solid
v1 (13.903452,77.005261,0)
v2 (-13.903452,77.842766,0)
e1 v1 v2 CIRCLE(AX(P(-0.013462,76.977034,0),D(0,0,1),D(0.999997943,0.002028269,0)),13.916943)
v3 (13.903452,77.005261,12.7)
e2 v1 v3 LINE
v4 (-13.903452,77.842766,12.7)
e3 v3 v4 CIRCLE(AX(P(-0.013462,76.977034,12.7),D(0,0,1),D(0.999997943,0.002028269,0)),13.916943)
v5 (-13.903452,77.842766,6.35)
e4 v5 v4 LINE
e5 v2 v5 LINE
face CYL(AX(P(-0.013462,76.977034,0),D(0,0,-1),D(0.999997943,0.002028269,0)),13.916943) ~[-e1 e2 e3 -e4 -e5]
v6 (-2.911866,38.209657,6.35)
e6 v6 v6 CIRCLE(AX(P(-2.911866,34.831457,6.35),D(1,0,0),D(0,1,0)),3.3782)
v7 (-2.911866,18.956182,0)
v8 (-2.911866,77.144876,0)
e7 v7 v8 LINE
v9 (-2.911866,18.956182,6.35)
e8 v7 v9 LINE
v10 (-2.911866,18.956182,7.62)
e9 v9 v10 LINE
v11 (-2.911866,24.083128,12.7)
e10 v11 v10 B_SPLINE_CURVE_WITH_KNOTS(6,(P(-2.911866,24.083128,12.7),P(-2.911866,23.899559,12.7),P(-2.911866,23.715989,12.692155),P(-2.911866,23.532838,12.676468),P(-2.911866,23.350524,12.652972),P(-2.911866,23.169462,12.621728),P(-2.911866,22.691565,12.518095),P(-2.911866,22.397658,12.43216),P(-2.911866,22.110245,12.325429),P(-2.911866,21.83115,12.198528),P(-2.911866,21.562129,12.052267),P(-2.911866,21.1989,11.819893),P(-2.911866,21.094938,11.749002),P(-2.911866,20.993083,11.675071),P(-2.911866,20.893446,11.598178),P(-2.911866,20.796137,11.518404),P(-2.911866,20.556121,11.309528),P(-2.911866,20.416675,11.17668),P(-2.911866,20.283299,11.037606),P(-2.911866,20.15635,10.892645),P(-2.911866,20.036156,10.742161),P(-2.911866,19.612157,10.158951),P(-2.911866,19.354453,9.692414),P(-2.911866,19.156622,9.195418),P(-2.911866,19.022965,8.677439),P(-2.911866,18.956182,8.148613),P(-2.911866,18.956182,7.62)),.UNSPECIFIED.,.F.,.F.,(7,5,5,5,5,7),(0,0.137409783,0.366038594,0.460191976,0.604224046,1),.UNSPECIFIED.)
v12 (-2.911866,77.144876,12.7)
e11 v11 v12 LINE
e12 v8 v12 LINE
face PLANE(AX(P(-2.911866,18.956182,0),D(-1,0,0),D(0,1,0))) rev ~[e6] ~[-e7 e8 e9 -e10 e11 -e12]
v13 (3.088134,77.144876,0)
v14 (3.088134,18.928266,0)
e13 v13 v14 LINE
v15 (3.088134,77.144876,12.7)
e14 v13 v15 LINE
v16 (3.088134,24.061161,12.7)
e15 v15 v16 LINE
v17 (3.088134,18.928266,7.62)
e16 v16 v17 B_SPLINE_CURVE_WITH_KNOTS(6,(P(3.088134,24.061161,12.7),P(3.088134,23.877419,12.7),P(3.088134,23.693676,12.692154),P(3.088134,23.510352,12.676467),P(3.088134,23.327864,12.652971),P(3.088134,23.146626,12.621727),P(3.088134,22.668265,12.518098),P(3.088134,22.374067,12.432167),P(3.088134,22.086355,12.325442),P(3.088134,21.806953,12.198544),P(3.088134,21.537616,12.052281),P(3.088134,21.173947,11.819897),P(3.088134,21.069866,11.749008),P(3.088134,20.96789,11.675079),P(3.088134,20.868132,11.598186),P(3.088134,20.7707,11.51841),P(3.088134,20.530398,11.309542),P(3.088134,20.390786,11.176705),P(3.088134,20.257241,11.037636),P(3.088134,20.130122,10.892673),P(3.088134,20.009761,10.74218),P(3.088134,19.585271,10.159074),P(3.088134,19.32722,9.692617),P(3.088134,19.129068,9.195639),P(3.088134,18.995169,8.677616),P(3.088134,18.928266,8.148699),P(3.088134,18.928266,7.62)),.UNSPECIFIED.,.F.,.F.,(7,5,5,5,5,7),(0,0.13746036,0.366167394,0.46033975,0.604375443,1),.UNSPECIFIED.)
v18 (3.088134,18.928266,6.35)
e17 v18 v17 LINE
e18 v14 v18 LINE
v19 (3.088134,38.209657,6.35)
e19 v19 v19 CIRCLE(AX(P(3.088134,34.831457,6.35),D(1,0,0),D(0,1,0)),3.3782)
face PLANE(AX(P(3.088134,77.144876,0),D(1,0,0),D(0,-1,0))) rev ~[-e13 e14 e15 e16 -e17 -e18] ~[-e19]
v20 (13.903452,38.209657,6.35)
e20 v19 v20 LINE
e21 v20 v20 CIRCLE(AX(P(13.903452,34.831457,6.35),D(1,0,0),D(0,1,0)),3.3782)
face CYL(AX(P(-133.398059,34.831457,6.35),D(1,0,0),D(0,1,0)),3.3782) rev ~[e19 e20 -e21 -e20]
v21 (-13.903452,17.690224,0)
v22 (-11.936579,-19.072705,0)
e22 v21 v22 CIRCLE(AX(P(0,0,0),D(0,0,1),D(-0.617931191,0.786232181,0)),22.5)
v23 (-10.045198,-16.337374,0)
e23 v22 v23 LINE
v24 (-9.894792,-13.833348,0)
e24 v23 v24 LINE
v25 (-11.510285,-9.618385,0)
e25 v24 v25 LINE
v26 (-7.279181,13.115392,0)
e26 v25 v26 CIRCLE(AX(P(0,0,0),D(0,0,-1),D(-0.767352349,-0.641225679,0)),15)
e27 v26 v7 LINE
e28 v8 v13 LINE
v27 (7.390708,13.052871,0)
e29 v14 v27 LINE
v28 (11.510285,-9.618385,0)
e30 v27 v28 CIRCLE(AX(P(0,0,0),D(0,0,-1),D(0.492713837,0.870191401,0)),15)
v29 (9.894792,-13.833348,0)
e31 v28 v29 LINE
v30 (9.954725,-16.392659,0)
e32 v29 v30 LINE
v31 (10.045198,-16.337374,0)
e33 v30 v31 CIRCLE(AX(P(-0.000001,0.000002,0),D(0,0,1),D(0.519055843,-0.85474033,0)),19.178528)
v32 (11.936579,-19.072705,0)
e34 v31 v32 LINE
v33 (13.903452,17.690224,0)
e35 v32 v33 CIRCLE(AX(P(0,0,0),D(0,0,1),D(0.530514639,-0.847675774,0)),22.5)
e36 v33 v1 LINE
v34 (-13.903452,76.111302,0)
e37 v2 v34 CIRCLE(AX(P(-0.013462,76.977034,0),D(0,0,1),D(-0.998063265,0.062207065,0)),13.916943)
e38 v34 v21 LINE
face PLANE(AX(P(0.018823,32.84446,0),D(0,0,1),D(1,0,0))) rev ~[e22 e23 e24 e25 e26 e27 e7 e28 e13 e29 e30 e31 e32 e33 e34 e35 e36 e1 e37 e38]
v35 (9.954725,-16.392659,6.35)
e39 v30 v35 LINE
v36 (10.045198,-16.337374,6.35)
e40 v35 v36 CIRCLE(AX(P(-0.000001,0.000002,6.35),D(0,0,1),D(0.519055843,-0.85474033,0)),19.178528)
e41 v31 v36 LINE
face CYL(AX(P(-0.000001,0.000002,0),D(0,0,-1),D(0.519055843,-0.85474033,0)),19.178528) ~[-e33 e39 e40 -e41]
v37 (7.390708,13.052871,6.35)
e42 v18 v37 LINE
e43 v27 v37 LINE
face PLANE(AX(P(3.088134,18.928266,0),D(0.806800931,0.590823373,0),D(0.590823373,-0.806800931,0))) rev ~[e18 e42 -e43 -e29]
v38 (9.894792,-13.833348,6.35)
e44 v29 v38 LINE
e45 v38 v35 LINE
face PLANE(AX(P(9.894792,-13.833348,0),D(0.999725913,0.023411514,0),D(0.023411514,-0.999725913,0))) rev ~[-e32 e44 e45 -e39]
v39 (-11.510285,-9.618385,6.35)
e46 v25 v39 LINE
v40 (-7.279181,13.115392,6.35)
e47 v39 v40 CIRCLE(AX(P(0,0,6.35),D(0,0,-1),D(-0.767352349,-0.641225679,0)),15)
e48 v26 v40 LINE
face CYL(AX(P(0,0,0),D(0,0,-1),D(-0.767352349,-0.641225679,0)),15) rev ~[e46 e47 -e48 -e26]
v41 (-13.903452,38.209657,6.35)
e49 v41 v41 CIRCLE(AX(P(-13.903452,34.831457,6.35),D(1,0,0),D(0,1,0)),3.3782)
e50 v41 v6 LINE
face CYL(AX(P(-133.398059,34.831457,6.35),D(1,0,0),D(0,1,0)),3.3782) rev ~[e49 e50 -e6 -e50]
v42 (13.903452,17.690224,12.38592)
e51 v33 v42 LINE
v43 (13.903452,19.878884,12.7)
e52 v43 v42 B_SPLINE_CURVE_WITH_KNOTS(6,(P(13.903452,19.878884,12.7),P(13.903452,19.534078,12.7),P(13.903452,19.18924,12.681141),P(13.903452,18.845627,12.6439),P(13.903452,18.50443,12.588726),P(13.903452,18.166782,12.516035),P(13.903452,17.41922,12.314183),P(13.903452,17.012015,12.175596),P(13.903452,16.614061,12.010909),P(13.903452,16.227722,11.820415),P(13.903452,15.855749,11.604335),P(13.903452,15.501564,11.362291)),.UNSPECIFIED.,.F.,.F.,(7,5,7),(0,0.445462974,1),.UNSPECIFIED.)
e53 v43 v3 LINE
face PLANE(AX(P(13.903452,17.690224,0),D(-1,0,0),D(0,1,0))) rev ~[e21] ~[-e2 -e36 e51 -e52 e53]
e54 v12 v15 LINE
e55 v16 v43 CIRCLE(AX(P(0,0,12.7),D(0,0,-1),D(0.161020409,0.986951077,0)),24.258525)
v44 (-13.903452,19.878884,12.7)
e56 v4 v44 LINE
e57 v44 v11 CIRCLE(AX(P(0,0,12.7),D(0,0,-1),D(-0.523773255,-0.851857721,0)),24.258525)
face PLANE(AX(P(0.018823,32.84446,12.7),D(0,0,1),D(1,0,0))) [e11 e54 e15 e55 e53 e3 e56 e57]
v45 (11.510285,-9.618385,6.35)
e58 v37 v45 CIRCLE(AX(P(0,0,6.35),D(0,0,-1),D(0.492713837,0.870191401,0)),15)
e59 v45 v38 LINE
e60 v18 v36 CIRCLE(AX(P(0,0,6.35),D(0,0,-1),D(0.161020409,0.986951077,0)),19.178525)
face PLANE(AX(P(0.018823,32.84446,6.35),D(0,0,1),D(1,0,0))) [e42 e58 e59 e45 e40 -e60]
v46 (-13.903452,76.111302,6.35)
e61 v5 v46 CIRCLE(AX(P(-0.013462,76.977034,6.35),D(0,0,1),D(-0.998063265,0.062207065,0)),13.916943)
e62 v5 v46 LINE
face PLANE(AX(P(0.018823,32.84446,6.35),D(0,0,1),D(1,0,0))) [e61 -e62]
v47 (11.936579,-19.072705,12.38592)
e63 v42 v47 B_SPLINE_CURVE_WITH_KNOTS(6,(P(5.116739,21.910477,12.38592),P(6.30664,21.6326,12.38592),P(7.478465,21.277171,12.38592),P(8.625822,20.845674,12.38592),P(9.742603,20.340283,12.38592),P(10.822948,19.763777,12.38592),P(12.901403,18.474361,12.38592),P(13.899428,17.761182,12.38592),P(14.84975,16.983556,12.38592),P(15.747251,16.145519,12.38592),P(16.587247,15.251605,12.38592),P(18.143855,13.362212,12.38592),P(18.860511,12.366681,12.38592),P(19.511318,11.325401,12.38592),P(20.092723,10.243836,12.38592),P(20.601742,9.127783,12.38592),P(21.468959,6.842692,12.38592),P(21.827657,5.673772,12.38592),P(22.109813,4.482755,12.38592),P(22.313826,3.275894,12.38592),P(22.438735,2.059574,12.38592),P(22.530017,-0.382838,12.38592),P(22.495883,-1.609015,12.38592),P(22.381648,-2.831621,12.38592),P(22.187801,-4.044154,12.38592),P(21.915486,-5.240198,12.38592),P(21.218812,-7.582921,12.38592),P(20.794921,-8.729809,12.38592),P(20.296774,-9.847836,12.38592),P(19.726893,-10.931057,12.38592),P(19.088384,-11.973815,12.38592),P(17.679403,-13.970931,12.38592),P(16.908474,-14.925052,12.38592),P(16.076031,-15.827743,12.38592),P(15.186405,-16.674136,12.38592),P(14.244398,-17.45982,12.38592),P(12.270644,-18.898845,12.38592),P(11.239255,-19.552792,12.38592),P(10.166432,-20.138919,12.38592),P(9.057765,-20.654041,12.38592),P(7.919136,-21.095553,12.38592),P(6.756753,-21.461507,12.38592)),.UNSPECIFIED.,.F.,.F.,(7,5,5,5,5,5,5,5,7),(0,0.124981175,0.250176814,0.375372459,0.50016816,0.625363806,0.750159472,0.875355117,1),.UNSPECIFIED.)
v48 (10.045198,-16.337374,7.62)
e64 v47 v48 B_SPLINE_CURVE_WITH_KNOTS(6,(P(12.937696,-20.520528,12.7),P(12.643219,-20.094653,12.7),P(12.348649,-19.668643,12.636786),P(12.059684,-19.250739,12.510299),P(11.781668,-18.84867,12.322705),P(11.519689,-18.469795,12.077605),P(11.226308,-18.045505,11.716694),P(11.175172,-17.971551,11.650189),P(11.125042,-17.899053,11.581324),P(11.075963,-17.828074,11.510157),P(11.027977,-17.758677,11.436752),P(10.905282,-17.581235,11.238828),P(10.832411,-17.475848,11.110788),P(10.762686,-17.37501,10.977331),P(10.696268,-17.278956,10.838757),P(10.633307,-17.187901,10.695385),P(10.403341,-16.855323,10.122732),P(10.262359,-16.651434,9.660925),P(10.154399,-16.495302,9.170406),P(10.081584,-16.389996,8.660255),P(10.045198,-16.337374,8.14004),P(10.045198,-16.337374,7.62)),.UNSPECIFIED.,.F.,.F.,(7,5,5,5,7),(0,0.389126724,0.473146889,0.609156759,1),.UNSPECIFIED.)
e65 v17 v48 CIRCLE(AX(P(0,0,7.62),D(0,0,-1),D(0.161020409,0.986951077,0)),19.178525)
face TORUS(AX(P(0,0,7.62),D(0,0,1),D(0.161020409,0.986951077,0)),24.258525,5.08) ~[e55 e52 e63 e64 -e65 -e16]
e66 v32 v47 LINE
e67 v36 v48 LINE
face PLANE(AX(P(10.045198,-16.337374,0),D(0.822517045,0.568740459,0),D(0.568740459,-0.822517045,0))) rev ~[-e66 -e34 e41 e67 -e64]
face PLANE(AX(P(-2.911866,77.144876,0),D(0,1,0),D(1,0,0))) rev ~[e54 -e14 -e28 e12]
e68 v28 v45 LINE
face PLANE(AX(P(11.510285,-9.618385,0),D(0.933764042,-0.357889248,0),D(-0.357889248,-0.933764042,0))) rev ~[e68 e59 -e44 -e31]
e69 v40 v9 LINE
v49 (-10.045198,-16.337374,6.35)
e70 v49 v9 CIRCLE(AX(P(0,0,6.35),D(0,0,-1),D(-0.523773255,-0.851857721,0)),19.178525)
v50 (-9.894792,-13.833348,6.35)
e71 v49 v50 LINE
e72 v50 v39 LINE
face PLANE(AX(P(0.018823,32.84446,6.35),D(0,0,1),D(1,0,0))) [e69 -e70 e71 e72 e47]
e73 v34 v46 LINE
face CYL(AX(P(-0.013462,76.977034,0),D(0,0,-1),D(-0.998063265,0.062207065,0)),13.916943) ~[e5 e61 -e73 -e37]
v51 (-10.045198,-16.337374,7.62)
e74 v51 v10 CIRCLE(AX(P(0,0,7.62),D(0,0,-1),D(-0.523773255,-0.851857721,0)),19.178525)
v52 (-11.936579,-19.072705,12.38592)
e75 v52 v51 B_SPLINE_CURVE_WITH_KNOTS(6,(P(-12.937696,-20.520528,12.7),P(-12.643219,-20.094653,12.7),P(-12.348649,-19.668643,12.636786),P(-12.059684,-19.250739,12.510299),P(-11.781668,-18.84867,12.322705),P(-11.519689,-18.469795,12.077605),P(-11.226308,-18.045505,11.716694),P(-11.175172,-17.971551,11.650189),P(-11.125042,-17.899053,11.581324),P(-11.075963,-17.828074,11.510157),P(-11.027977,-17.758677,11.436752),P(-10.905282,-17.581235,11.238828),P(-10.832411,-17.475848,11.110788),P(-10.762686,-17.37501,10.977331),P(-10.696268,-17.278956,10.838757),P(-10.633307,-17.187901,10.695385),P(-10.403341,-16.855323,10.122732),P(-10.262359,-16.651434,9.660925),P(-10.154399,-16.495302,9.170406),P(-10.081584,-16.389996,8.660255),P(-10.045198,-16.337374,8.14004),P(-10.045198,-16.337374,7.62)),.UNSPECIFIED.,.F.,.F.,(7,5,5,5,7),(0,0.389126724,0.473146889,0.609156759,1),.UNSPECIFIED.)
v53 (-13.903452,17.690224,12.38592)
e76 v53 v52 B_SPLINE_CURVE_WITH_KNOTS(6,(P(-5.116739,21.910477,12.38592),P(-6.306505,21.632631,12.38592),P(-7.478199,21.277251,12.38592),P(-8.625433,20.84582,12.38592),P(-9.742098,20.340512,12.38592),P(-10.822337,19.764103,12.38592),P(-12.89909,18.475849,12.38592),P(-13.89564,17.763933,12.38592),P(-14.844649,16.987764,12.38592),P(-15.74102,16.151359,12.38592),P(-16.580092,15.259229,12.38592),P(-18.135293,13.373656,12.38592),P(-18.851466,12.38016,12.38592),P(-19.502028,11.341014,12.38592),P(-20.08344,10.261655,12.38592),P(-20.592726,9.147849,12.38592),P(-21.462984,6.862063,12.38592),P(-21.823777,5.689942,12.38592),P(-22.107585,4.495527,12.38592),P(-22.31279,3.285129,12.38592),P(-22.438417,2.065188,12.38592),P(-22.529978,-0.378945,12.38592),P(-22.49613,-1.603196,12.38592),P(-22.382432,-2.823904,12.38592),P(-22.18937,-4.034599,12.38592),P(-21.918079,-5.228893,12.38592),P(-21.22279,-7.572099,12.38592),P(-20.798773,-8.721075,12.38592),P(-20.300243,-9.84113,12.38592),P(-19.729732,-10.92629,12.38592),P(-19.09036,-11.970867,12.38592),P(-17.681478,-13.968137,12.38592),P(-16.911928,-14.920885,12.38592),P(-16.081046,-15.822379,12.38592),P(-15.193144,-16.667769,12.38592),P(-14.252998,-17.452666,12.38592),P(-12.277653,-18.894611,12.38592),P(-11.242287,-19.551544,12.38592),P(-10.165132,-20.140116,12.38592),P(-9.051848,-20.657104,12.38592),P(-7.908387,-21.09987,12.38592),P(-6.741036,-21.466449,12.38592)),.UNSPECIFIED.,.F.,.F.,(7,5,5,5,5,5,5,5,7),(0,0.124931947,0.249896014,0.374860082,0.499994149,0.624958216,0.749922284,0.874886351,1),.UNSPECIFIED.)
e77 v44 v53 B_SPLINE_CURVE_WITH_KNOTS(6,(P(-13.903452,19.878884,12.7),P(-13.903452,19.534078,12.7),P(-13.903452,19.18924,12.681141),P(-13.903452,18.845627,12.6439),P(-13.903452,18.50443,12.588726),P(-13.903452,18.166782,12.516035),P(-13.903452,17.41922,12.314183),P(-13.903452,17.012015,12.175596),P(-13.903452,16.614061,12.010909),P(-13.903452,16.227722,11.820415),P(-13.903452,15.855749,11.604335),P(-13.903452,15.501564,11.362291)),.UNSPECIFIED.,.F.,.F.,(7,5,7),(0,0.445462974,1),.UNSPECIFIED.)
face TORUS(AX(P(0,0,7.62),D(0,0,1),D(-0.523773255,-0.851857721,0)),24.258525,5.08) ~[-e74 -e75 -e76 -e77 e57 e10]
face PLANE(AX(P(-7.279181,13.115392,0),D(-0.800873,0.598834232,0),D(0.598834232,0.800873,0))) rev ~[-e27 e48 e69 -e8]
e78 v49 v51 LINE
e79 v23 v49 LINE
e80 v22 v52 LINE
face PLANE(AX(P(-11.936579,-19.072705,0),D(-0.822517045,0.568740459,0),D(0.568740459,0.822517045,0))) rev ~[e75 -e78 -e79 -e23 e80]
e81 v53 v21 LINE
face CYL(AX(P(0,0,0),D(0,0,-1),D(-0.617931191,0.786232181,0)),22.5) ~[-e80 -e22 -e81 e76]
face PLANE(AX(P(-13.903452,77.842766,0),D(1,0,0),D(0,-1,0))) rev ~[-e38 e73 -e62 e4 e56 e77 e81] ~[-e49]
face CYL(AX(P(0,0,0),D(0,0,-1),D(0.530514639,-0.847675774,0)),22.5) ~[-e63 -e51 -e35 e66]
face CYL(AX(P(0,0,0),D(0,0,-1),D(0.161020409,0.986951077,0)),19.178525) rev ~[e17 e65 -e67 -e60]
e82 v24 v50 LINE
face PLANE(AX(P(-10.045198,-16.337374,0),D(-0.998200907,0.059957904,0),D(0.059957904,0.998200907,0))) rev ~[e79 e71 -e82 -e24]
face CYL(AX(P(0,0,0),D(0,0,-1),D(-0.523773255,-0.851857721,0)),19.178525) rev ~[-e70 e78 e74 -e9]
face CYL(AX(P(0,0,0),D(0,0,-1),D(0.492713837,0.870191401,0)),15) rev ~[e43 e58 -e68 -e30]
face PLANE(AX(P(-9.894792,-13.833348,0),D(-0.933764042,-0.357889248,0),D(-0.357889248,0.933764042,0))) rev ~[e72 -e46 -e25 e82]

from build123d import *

# Parameters (mm, degrees)
F1_DEPTH = 12.7
F2_DEPTH = 6.35
F4_D     = 6.7564
F5_R     = 5.08


with BuildPart() as f1:
    # F0 (on Top) → F1 (new body)
    with BuildSketch(Plane.XY):
        with BuildLine():
            Line((-13.9034517987, 76.1113017797), (-13.9034517987, 17.6902240822))
            ThreePointArc((-13.9034517987, 17.6902240822), (-22.46786683, -1.2020649347), (-11.9365793678, -19.0727049208))
            Line((-11.9365793678, -19.0727049208), (-10.045198296, -16.337374341))
            ThreePointArc((-10.045198296, -16.337374341), (-18.7984085357, 3.7994270212), (-2.9118661168, 18.9561822338))
            Line((-2.9118661168, 18.9561822338), (-2.9118661168, 77.1448761225))
            Line((-2.9118661168, 77.1448761225), (3.0881338832, 77.1448761225))
            Line((3.0881338832, 77.1448761225), (3.0881338832, 18.928265591))
            ThreePointArc((3.0881338832, 18.928265591), (18.8158827453, 3.7119221002), (10.045198296, -16.337374341))
            Line((10.045198296, -16.337374341), (11.9365793678, -19.0727049208))
            ThreePointArc((11.9365793678, -19.0727049208), (22.46786683, -1.2020649347), (13.9034517987, 17.6902240822))
            Line((13.9034517987, 17.6902240822), (13.9034517987, 76.9488066435))
            Line((13.9034517987, 76.9488066435), (13.9034517987, 77.005261239))
            ThreePointArc((13.9034517987, 77.005261239), (0.4055063748, 90.8876688225), (-13.9034517987, 77.8427661028))
            Line((-13.9034517987, 77.8427661028), (-13.9034517987, 76.1113017797))
        make_face()
    extrude(amount=F1_DEPTH)

    # F0 (on Top) → F2 (join)
    with BuildSketch(Plane.XY):
        with BuildLine():
            Line((-13.9034517987, 76.1113017797), (-13.9034517987, 17.6902240822))
            ThreePointArc((-13.9034517987, 17.6902240822), (-22.46786683, -1.2020649347), (-11.9365793678, -19.0727049208))
            Line((-11.9365793678, -19.0727049208), (-10.045198296, -16.337374341))
            ThreePointArc((-10.045198296, -16.337374341), (-18.7984085357, 3.7994270212), (-2.9118661168, 18.9561822338))
            Line((-2.9118661168, 18.9561822338), (-2.9118661168, 77.1448761225))
            Line((-2.9118661168, 77.1448761225), (3.0881338832, 77.1448761225))
            Line((3.0881338832, 77.1448761225), (3.0881338832, 18.928265591))
            ThreePointArc((3.0881338832, 18.928265591), (18.8158827453, 3.7119221002), (10.045198296, -16.337374341))
            Line((10.045198296, -16.337374341), (11.9365793678, -19.0727049208))
            ThreePointArc((11.9365793678, -19.0727049208), (22.46786683, -1.2020649347), (13.9034517987, 17.6902240822))
            Line((13.9034517987, 17.6902240822), (13.9034517987, 76.9488066435))
            Line((13.9034517987, 76.9488066435), (13.9034517987, 77.005261239))
            ThreePointArc((13.9034517987, 77.005261239), (0.4055063748, 90.8876688225), (-13.9034517987, 77.8427661028))
            Line((-13.9034517987, 77.8427661028), (-13.9034517987, 76.1113017797))
        make_face()
        with BuildLine():
            ThreePointArc((-13.9034517987, 77.8427661028), (-13.9304052278, 76.9770339413), (-13.9034517987, 76.1113017797))
            Line((-13.9034517987, 76.1113017797), (-13.9034517987, 77.8427661028))
        make_face()
        with BuildLine():
            ThreePointArc((-2.9118661168, 18.9561822338), (-18.7984085357, 3.7994270212), (-10.045198296, -16.337374341))
            Line((-10.045198296, -16.337374341), (-9.8947915389, -13.8333481617))
            Line((-9.8947915389, -13.8333481617), (-11.5102852396, -9.6183851921))
            ThreePointArc((-11.5102852396, -9.6183851921), (-14.7467682956, 2.7445992121), (-7.2791813889, 13.1153924191))
            Line((-7.2791813889, 13.1153924191), (-2.9118661168, 18.9561822338))
        make_face()
        with BuildLine():
            ThreePointArc((10.045198296, -16.337374341), (18.8158827453, 3.7119221002), (3.0881338832, 18.928265591))
            Line((3.0881338832, 18.928265591), (7.3907075504, 13.0528710215))
            ThreePointArc((7.3907075504, 13.0528710215), (14.758331433, 2.6817258086), (11.5102852396, -9.6183851921))
            Line((11.5102852396, -9.6183851921), (9.8947915389, -13.8333481617))
            Line((9.8947915389, -13.8333481617), (9.9547252954, -16.3926585232))
            ThreePointArc((9.9547252954, -16.3926585232), (10, -16.3650789538), (10.045198296, -16.337374341))
        make_face()
    extrude(amount=F2_DEPTH)

    # F4 (through all)
    with Locations(Plane(origin=(-13.9034517987, 0, 0), x_dir=(0, -1, 0), z_dir=(-1, 0, 0))):
        with Locations((-34.83145684, 6.35)):
            Hole(F4_D / 2)

    # F5
    f5_edges = [f1.edges().sort_by_distance(p)[0] for p in [
        (-18.798409, 3.799427, 12.7),
        (18.815883, 3.711922, 12.7),
    ]]
    fillet(f5_edges, radius=F5_R)


solid = f1.part
